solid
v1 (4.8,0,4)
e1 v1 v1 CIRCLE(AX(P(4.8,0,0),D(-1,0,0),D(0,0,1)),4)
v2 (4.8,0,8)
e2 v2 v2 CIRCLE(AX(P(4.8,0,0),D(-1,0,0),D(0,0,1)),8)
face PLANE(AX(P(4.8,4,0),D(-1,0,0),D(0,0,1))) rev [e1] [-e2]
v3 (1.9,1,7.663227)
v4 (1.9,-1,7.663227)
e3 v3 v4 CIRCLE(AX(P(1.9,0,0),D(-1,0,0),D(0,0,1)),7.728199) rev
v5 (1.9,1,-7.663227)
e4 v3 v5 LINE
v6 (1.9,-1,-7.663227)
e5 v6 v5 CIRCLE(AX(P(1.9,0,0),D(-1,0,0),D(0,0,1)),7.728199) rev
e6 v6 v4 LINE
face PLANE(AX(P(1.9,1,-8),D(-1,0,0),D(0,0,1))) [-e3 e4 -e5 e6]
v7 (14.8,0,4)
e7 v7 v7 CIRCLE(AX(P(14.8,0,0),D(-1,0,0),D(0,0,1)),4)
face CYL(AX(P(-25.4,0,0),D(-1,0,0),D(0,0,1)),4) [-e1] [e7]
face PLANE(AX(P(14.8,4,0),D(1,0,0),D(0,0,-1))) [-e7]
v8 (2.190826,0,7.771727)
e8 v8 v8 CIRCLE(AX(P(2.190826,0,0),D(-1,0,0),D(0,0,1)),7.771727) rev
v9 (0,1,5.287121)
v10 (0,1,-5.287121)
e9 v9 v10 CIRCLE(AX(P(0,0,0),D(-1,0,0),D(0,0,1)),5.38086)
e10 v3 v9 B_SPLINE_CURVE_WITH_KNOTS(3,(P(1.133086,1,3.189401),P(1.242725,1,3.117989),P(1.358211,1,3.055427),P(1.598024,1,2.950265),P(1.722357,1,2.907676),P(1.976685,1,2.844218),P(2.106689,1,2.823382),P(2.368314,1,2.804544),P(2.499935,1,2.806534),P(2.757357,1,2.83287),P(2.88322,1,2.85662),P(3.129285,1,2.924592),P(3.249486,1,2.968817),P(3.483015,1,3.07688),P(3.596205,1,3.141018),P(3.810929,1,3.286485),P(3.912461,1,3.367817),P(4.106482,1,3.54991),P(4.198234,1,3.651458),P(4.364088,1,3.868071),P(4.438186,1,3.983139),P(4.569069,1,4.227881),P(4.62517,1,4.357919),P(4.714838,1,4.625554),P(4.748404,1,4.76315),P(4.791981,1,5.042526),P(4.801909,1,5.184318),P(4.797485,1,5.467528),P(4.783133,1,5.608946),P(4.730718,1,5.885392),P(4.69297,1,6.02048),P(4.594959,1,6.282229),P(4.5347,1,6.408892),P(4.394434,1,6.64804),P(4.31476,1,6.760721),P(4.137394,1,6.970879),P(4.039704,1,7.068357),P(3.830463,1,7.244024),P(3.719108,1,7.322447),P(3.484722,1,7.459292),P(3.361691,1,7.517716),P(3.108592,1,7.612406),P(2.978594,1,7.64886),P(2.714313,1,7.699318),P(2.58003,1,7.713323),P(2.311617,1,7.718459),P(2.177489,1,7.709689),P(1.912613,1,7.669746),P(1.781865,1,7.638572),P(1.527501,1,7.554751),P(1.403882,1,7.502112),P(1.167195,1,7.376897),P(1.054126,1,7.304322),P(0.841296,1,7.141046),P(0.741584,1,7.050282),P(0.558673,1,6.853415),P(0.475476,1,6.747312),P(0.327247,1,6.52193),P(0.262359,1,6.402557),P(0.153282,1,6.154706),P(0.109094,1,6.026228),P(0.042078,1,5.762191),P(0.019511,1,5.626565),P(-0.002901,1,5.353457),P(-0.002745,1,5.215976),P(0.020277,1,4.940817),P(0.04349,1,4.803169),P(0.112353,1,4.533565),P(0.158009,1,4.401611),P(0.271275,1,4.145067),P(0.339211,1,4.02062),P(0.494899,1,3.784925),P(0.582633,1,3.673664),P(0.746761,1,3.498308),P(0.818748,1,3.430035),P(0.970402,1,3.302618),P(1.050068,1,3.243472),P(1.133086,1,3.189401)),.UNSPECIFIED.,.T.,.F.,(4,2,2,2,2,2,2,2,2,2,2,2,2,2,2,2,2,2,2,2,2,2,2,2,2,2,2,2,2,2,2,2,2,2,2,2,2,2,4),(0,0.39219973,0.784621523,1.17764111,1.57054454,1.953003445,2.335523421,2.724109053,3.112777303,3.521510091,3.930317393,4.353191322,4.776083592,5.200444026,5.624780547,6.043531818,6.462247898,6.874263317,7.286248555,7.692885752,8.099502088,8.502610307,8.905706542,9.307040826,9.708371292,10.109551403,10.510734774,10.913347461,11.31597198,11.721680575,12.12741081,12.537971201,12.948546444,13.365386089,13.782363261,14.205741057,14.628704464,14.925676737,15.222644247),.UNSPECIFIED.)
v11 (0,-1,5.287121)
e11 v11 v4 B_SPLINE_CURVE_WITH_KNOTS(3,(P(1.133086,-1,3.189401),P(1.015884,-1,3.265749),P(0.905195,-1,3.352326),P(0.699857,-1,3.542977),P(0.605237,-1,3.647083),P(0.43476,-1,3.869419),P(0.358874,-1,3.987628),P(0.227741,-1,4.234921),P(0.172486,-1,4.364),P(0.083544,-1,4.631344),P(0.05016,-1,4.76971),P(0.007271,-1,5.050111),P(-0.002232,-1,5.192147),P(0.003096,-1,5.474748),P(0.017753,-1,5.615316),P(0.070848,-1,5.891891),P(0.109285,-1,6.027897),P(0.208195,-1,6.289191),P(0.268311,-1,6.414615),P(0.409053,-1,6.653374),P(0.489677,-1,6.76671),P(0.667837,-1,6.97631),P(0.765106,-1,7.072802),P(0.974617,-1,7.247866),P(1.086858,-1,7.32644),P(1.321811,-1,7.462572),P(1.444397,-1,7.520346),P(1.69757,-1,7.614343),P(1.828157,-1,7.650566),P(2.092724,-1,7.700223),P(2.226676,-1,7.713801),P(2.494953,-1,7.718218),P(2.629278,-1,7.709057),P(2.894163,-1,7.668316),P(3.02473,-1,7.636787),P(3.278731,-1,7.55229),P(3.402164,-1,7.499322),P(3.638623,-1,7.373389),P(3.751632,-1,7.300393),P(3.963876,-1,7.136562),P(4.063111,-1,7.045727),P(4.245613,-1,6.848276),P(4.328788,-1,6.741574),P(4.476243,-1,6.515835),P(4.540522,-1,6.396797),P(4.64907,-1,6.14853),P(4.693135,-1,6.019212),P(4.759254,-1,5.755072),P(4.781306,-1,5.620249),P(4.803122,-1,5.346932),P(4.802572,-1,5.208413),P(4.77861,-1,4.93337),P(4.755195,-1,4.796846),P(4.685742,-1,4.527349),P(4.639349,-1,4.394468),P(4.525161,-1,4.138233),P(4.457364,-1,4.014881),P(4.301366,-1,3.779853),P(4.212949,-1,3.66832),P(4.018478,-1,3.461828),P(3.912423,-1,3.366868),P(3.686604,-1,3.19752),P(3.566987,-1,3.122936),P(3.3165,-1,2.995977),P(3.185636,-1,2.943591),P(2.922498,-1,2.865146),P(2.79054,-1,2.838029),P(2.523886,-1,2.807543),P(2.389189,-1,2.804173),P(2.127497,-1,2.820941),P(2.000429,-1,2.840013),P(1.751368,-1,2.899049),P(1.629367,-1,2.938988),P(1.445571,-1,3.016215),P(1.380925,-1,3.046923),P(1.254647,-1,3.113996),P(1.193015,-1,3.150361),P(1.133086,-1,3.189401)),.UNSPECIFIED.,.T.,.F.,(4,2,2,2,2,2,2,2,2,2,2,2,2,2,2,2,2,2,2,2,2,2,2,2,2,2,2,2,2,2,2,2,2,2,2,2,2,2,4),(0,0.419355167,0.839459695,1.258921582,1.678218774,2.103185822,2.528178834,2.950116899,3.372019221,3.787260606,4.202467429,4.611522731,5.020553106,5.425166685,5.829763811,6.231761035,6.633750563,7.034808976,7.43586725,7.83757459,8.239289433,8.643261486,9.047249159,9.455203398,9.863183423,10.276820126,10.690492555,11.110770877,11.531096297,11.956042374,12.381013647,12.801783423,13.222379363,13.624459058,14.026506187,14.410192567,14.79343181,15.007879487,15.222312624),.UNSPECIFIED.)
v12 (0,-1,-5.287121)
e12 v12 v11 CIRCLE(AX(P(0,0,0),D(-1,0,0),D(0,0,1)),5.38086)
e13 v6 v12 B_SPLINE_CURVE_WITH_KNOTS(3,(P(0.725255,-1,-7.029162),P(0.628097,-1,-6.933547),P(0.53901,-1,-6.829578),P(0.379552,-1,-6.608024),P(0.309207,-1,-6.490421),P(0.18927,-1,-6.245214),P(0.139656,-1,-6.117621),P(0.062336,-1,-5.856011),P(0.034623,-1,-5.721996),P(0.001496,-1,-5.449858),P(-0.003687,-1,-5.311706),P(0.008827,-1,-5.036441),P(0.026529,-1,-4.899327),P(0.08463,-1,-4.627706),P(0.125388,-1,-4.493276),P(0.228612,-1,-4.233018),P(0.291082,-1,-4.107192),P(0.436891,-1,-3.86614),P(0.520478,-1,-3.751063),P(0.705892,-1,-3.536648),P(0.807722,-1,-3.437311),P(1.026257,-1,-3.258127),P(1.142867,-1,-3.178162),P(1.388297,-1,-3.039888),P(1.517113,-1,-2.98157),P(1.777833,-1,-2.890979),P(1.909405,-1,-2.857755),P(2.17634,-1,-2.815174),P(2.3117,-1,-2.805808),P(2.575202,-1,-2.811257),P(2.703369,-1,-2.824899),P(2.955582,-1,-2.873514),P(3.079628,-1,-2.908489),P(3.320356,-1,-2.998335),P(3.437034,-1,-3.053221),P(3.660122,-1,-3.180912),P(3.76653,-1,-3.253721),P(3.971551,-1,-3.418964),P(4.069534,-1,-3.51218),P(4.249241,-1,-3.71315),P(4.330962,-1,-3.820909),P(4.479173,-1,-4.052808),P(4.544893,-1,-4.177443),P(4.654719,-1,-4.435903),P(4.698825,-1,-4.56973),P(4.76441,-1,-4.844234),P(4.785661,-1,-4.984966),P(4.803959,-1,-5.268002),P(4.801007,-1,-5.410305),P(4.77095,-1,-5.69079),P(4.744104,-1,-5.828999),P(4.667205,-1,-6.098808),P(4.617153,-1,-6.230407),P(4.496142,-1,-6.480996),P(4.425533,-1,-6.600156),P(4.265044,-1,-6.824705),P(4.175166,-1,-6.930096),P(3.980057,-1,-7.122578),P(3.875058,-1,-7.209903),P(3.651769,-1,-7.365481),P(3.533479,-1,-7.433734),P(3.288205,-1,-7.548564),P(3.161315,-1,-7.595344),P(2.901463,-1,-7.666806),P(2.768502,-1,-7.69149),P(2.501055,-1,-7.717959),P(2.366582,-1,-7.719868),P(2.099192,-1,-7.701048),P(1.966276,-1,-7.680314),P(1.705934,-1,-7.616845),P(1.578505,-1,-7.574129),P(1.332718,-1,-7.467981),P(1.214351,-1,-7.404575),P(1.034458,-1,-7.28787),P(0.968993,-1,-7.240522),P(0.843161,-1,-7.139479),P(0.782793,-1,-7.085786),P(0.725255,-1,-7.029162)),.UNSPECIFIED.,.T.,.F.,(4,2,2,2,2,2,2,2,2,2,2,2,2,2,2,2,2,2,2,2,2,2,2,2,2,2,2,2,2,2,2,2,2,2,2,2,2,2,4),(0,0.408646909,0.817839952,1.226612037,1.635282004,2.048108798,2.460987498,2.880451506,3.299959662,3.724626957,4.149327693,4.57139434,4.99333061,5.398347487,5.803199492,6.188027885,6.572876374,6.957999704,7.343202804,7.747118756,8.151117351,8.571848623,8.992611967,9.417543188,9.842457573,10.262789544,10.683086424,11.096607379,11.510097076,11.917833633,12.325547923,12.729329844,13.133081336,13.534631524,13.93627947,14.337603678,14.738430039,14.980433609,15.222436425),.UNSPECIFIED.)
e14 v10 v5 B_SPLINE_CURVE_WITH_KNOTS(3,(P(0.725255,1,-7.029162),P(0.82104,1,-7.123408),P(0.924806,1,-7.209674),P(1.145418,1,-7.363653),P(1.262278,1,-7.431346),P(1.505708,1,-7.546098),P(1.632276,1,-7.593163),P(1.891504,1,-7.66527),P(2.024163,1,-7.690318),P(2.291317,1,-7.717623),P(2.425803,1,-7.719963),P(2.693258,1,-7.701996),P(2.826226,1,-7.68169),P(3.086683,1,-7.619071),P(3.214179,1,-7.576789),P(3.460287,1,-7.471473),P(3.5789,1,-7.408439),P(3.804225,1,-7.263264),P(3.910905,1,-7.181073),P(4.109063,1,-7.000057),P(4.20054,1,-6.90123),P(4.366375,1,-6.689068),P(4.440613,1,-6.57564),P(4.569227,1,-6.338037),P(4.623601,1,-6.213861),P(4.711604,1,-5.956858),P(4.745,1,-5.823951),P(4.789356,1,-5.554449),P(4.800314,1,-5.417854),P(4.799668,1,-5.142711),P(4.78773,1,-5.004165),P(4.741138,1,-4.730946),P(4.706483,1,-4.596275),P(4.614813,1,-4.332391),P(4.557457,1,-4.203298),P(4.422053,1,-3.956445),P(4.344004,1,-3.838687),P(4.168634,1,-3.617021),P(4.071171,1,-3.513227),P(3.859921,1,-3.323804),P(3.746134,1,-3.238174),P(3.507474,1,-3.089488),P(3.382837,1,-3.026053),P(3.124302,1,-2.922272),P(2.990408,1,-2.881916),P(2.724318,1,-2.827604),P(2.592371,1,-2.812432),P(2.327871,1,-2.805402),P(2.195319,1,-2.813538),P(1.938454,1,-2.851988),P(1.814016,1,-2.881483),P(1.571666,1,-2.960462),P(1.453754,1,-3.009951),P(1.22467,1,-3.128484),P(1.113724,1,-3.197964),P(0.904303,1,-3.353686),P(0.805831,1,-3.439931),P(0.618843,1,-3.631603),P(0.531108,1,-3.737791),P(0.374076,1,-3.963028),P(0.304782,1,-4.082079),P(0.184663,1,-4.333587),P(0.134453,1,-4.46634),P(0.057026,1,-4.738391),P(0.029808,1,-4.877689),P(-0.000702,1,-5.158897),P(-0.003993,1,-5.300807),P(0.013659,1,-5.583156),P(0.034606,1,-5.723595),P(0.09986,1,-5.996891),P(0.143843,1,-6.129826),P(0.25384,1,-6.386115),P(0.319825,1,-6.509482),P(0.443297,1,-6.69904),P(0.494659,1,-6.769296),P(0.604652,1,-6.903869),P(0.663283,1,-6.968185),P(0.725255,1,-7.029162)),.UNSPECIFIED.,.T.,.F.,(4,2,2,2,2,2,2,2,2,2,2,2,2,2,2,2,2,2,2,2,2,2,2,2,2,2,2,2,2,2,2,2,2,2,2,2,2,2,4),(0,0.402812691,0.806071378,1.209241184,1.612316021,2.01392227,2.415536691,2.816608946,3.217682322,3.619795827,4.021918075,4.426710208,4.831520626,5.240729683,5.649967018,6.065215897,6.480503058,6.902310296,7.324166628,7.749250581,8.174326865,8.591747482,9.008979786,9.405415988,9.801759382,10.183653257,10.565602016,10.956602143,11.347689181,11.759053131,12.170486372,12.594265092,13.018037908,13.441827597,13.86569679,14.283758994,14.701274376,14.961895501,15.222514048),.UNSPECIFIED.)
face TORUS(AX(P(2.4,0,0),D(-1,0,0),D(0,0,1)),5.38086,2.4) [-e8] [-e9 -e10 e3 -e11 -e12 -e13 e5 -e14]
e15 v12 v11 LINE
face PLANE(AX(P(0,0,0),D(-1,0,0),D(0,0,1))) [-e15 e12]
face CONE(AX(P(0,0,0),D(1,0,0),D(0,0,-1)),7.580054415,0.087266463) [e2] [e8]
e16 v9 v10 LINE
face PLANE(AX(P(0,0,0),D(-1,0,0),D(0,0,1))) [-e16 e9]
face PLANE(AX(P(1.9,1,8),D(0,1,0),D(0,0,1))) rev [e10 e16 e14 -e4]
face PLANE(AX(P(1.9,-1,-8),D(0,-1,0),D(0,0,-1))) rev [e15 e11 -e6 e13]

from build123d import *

# Parameters (mm, degrees)
FILLET2_R  = 2.4
SKETCH2_W  = 16
SKETCH2_H  = 2
SLOT_DEPTH = 1.9


with BuildPart() as part:
    # BodySke → Base-Revolve (revolve)
    with BuildSketch(Plane.XY, mode=Mode.PRIVATE) as base_revolve_sk:
        Polygon((4.8, 4), (4.8, 8), (0, 7.580054415), (0, 0), (14.8, 0), (14.8, 4), align=None)
    revolve(base_revolve_sk.sketch.rotate(Axis((-25.4, 0, 0), (1, 0, 0)), 90), axis=Axis((-25.4, 0, 0), (1, 0, 0)))  # turned: the seam where the file's is

    # Fillet2
    fillet2_edges = [part.edges().sort_by_distance(p)[0] for p in [
        (0, 0, -7.580054415),
    ]]
    fillet(fillet2_edges, radius=FILLET2_R)

    # Sketch2 → Slot (cut)
    with BuildSketch(Plane(origin=(0, 0, 0), x_dir=(0, 0, -1), z_dir=(1, 0, 0))):
        Rectangle(SKETCH2_W, SKETCH2_H)
    extrude(amount=SLOT_DEPTH, mode=Mode.SUBTRACT)


solid = part.part
